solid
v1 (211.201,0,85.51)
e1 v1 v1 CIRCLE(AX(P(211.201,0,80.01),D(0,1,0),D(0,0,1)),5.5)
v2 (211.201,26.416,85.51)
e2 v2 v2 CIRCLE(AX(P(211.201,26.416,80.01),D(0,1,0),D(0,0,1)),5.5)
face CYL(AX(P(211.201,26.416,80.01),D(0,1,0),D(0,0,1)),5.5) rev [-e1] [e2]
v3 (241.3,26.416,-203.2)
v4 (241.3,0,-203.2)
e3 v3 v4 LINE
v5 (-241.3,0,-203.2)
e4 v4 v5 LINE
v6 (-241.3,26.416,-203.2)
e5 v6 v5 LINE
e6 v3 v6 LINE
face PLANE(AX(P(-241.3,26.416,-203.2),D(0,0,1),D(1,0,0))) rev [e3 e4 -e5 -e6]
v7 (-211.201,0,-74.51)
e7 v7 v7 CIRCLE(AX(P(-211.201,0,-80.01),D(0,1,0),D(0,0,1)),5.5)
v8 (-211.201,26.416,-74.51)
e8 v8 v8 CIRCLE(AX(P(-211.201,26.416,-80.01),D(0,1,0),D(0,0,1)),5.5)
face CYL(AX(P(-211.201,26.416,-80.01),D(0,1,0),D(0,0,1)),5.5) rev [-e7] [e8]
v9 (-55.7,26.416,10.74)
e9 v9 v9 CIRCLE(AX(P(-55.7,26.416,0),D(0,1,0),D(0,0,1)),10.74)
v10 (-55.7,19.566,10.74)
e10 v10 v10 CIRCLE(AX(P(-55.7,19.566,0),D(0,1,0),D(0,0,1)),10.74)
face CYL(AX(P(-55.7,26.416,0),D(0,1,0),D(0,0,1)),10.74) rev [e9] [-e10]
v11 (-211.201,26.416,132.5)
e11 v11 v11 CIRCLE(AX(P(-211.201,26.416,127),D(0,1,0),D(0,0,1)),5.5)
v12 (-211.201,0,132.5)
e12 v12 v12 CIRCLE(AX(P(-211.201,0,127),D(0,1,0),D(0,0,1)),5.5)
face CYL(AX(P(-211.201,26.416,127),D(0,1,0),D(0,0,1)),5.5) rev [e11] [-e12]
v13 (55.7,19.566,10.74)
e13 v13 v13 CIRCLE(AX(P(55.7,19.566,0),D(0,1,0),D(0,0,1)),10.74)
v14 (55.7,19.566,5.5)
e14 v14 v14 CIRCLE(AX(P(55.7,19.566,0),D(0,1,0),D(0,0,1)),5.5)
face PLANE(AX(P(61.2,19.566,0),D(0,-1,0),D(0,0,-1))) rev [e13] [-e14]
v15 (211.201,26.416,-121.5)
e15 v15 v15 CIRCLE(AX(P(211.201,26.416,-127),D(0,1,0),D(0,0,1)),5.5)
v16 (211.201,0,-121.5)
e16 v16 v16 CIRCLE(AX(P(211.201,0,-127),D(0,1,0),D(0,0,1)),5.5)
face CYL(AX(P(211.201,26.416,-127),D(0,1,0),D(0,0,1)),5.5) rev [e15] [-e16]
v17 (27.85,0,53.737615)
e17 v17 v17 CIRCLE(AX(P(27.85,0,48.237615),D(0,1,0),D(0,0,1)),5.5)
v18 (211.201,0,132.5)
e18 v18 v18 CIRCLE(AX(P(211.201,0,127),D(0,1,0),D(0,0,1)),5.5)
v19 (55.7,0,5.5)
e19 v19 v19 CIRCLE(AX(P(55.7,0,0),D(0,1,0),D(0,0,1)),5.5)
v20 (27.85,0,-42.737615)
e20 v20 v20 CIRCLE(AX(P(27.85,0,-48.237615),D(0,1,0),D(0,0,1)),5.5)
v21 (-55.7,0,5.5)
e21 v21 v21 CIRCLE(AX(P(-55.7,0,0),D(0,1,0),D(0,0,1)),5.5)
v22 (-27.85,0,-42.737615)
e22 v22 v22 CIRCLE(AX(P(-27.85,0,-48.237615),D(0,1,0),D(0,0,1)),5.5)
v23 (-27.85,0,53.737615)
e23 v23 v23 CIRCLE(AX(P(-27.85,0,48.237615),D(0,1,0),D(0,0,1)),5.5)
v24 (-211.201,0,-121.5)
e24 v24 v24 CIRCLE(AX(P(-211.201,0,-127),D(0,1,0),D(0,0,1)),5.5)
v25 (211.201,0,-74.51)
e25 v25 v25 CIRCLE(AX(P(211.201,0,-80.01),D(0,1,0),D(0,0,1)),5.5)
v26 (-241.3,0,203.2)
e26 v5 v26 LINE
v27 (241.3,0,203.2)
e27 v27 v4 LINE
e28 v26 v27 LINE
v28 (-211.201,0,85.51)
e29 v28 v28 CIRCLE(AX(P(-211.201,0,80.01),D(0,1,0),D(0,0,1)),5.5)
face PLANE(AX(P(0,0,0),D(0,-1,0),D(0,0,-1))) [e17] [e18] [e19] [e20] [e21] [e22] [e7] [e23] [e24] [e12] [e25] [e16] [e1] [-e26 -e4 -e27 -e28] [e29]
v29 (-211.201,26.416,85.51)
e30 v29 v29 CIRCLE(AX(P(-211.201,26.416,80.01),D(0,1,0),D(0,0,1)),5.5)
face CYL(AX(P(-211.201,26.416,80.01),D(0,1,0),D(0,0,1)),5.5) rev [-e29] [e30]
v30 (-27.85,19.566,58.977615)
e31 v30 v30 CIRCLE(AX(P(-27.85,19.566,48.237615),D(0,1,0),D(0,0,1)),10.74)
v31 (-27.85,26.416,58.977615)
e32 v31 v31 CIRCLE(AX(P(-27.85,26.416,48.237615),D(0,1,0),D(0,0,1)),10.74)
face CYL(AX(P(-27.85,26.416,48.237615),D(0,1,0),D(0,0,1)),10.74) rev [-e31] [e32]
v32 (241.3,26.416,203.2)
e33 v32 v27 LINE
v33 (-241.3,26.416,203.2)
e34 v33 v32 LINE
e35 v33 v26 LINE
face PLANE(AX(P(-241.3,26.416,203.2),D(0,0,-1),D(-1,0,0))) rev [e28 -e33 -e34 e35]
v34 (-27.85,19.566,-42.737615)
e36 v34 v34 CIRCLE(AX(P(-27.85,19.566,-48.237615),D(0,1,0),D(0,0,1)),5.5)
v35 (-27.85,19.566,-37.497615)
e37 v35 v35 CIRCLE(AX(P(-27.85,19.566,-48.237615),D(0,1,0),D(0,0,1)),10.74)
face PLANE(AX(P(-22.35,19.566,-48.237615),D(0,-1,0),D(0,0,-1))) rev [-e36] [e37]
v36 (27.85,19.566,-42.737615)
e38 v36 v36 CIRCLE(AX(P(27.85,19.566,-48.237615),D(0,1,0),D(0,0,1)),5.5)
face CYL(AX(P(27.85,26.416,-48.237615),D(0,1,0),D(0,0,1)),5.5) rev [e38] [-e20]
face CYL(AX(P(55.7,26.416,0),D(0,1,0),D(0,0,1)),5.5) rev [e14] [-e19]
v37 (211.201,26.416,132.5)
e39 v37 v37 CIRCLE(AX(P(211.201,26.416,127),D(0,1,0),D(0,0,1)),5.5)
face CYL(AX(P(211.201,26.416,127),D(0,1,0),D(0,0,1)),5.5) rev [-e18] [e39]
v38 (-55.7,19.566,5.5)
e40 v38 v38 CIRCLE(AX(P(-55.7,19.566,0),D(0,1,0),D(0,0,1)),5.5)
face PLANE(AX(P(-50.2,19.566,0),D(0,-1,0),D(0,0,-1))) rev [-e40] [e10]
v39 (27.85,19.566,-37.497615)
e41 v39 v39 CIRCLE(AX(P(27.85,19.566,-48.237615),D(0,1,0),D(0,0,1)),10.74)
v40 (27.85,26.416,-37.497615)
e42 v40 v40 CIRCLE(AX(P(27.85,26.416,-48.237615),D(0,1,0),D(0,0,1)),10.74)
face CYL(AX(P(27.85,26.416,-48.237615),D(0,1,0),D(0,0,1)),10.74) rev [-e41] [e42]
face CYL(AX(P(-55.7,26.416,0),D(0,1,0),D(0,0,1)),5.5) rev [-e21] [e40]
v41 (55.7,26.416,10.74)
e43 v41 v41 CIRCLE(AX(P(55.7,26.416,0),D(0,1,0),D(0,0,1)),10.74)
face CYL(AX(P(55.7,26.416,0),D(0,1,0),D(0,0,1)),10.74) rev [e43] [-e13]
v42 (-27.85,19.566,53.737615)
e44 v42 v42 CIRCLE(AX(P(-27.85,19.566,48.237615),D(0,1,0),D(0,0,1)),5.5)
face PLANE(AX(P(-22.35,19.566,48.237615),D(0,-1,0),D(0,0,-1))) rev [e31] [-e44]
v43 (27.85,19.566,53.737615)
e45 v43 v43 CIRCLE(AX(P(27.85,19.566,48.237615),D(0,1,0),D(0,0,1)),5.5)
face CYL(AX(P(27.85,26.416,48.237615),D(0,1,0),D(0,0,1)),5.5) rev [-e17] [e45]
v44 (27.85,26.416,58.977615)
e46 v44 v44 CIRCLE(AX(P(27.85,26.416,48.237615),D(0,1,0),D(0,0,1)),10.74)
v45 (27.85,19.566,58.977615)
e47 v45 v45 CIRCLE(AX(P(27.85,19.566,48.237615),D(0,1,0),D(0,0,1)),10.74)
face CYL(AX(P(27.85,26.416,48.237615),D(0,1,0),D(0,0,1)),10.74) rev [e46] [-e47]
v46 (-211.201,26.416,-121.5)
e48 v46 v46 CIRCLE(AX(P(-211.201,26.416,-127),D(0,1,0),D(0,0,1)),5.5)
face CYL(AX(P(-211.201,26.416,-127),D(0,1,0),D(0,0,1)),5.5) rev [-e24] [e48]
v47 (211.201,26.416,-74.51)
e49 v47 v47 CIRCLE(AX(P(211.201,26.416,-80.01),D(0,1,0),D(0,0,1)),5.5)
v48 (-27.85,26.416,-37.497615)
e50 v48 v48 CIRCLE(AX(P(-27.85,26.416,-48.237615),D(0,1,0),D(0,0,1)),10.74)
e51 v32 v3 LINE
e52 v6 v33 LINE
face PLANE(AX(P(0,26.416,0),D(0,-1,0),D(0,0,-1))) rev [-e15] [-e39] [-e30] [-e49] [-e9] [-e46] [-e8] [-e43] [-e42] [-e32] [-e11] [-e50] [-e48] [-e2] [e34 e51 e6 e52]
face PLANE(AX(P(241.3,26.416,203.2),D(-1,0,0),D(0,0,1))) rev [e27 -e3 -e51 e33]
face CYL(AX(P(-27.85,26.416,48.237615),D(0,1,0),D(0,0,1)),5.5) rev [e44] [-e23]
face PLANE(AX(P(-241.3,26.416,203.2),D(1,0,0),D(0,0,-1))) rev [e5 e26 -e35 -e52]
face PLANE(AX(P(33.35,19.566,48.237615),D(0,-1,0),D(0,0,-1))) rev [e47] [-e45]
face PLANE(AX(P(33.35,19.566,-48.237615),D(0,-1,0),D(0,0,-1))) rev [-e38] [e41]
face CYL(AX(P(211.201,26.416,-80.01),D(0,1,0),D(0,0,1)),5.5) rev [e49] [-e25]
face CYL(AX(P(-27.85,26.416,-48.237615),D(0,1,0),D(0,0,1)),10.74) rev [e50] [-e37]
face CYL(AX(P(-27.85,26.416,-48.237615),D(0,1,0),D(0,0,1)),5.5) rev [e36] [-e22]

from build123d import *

# Parameters (mm, degrees)
SKETCH1_W                                = 482.6
SKETCH1_H                                = 406.4
BOSS_EXTRUDE1_DEPTH                      = 26.416
SKETCH3_R                                = 1.27
SKETCH3_R_2                              = 5.25
CUT_EXTRUDE2_DEPTH                       = 27.416
CBORE_FOR_M10_HEX_HEAD_BOLT1_D           = 11
CBORE_FOR_M10_HEX_HEAD_BOLT1_CBORE_D     = 21.48
CBORE_FOR_M10_HEX_HEAD_BOLT1_CBORE_DEPTH = 6.85
M10_CLEARANCE_HOLE1_D                    = 11


with BuildPart() as part:
    # Sketch1 → Boss-Extrude1 (new body)
    with BuildSketch(Plane(origin=(0, 0, 0), x_dir=(1, 0, 0), z_dir=(0, 1, 0))):
        Rectangle(SKETCH1_W, SKETCH1_H)
    extrude(amount=BOSS_EXTRUDE1_DEPTH)

    # Sketch3 → Cut-Extrude2 (cut, through all)
    with BuildSketch(Plane(origin=(0, 26.416, 0), x_dir=(1, 0, 0), z_dir=(0, 1, 0))):
        with Locations((-211.201, -80.01)):
            Circle(SKETCH3_R)
        with Locations((-211.201, 80.01)):
            Circle(SKETCH3_R)
        with Locations((211.201, -80.01)):
            Circle(SKETCH3_R)
        with Locations((211.201, 80.01)):
            Circle(SKETCH3_R)
        with Locations((55.7, 0)):
            Circle(SKETCH3_R_2)
        with Locations((27.85, -48.237614991)):
            Circle(SKETCH3_R_2)
        with Locations((-27.85, -48.237614991)):
            Circle(SKETCH3_R_2)
        with Locations((-55.7, 0)):
            Circle(SKETCH3_R_2)
        with Locations((-27.85, 48.237614991)):
            Circle(SKETCH3_R_2)
        with Locations((27.85, 48.237614991)):
            Circle(SKETCH3_R_2)
        with Locations((-211.201, -127)):
            Circle(SKETCH3_R)
        with Locations((211.201, -127)):
            Circle(SKETCH3_R)
        with Locations((211.201, 127)):
            Circle(SKETCH3_R)
        with Locations((-211.201, 127)):
            Circle(SKETCH3_R)
    extrude(amount=-CUT_EXTRUDE2_DEPTH, mode=Mode.SUBTRACT)

    # CBORE for M10 Hex Head Bolt1 (through all)
    with Locations(Plane(origin=(0, 26.416, 0), x_dir=(1, 0, 0), z_dir=(0, 1, 0))):
        with Locations((27.85, 48.237614991), (55.7, 0), (27.85, -48.237614991), (-27.85, -48.237614991), (-55.7, 0), (-27.85, 48.237614991)):
            CounterBoreHole(CBORE_FOR_M10_HEX_HEAD_BOLT1_D / 2, CBORE_FOR_M10_HEX_HEAD_BOLT1_CBORE_D / 2, CBORE_FOR_M10_HEX_HEAD_BOLT1_CBORE_DEPTH)

    # M10 Clearance Hole1 (through all)
    with Locations(Plane(origin=(0, 26.416, 0), x_dir=(1, 0, 0), z_dir=(0, 1, 0))):
        with Locations((-211.201, 127), (-211.201, 80.01), (-211.201, -80.01), (-211.201, -127), (211.201, -127), (211.201, -80.01), (211.201, 80.01), (211.201, 127)):
            Hole(M10_CLEARANCE_HOLE1_D / 2)


solid = part.part
